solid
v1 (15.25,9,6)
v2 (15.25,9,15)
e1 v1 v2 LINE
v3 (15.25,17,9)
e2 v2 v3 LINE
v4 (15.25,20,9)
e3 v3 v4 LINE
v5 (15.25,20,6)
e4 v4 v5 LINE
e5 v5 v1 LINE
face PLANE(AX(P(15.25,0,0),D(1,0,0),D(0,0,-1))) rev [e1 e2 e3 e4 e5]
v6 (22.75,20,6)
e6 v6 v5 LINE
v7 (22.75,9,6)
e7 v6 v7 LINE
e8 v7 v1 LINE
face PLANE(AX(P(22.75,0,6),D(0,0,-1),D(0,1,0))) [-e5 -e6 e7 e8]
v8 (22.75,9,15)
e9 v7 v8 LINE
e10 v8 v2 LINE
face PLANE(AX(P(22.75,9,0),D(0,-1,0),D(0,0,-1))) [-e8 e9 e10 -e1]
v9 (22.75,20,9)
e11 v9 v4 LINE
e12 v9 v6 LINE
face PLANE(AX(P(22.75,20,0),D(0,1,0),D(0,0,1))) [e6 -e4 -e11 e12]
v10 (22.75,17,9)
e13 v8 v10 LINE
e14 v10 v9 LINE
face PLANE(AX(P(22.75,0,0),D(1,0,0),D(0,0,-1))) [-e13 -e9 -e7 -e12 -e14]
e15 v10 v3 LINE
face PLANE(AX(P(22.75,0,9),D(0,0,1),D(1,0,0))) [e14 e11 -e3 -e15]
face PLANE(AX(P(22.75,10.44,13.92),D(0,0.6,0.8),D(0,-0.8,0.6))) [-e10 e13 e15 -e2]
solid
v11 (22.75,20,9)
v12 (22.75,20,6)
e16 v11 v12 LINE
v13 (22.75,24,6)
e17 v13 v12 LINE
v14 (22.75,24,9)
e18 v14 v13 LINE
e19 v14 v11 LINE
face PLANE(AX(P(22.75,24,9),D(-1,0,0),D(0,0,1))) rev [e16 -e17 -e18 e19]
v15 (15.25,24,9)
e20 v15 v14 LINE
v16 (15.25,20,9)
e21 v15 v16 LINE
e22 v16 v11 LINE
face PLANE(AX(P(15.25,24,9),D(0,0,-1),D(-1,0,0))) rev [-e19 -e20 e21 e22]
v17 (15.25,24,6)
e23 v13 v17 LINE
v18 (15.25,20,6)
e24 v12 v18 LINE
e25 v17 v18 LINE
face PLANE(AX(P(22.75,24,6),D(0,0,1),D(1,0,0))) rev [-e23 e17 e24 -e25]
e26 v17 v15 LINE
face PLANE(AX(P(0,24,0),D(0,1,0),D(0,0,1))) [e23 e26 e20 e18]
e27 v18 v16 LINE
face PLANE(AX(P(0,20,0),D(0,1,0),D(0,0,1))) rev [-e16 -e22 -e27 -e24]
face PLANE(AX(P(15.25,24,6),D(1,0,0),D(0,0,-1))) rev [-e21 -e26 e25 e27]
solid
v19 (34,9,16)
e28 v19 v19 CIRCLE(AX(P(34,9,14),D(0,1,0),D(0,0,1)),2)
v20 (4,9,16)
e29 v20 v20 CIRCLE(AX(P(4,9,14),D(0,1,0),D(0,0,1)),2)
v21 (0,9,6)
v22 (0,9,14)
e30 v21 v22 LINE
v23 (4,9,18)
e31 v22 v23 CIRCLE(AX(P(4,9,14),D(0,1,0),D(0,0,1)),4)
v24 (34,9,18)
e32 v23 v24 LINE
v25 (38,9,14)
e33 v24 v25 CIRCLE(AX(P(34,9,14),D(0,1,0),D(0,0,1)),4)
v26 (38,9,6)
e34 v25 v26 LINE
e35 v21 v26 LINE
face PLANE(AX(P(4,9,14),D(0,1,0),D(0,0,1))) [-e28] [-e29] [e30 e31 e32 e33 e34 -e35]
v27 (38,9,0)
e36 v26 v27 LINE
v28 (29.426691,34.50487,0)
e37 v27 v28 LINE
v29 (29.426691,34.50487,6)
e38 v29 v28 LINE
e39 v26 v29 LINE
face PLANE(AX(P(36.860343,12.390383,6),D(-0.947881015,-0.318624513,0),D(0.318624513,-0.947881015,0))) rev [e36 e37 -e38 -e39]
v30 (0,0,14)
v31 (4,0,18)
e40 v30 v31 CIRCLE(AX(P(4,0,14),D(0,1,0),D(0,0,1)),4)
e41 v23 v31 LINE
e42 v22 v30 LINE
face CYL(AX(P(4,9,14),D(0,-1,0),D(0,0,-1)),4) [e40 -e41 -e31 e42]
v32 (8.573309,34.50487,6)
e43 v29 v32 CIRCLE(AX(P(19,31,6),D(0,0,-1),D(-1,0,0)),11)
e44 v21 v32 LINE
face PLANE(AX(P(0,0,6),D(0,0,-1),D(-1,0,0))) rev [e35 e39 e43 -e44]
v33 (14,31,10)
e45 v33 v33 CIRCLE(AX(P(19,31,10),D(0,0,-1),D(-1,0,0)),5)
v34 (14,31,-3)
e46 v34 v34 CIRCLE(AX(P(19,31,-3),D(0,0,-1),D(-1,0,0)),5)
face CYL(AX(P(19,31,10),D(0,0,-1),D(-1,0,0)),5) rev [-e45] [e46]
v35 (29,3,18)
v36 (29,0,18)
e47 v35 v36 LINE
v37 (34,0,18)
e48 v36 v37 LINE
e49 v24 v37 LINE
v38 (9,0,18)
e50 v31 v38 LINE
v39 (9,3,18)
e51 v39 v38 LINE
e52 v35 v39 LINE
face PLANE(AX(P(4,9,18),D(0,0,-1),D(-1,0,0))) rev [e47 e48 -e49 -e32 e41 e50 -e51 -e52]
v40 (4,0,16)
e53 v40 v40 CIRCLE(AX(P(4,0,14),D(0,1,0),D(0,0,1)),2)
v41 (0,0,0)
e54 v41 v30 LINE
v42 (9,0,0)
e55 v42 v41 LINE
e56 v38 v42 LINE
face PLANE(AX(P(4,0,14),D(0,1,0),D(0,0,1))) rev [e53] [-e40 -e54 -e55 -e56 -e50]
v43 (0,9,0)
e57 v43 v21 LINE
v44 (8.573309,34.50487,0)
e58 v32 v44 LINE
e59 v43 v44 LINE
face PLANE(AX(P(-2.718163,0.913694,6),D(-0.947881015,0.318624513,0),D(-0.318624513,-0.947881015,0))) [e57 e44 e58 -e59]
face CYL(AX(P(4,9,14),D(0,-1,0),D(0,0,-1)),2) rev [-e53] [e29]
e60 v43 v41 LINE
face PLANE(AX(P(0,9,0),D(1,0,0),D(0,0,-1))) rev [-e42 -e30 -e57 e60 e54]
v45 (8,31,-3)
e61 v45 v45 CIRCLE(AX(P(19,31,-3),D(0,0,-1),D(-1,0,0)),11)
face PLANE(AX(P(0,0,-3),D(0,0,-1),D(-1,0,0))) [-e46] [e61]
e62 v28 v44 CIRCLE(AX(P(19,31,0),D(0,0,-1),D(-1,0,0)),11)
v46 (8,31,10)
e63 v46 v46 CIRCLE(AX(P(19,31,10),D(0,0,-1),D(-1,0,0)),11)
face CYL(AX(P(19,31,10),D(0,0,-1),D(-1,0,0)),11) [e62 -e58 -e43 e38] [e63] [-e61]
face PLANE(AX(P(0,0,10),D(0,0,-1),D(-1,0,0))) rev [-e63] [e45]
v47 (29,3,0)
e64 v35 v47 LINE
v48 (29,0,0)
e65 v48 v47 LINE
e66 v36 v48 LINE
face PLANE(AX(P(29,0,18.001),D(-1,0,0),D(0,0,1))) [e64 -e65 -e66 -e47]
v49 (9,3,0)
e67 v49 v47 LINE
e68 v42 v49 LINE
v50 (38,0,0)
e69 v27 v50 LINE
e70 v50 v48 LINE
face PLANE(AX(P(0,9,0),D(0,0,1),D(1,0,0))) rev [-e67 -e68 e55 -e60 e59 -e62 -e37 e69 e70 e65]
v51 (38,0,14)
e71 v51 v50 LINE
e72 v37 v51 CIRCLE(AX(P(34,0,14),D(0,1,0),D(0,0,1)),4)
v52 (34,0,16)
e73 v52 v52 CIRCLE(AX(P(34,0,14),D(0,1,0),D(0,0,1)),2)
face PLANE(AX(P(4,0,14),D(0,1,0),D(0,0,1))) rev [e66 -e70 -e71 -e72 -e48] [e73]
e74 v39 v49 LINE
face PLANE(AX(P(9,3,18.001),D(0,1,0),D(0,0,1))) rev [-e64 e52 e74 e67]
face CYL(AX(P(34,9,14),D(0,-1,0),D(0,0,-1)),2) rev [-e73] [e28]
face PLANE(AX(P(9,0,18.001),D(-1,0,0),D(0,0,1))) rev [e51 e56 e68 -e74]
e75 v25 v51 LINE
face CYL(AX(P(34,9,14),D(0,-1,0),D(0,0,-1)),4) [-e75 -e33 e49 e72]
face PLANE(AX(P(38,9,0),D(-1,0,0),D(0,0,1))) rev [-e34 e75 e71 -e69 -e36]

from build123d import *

# Parameters (mm, degrees)
SKETCH_1_R           = 2
EXTRUDE_1_DEPTH      = 9
EXTRUDE_2_DEPTH      = 6
EXTRUDE_4_DEPTH      = 3
EXTRUDE_4_DEPTH_BACK = 10
SKETCH_3_5_R         = 11
SKETCH_3_5_R_2       = 5
SKETCH_6_W           = 3
SKETCH_6_H           = 3
EXTRUDE_14_DEPTH     = 3.75
SKETCH_7_W           = 20
SKETCH_7_H           = 3
CUT_EXTRUDE_1_DEPTH  = 18
SKETCH_8_W           = 7.5
SKETCH_8_H           = 3
EXTRUDE_17_DEPTH     = 4


with BuildPart() as part:
    # 草图1 → 凸台-拉伸1 (new body)
    with BuildSketch(Plane(origin=(0, 0, 0), x_dir=(1, 0, 0), z_dir=(0, 1, 0))):
        with BuildLine():
            Line((0, 0), (38, 0))
            Line((38, 0), (38, -14))
            ThreePointArc((38, -14), (36.828427125, -16.828427125), (34, -18))
            Line((34, -18), (4, -18))
            ThreePointArc((4, -18), (1.171572875, -16.828427125), (0, -14))
            Line((0, -14), (0, 0))
        make_face()
        with Locations(Location((4, -14, 0), (0, 0, 270))):
            Circle(SKETCH_1_R, mode=Mode.SUBTRACT)
        with Locations(Location((34, -14, 0), (0, 0, 270))):
            Circle(SKETCH_1_R, mode=Mode.SUBTRACT)
    extrude(amount=EXTRUDE_1_DEPTH)

    # 草图3 → 凸台-拉伸2 (add)
    with BuildSketch(Plane(origin=(0, 0, 0), x_dir=(-1, 0, 0), z_dir=(0, 0, -1))):
        with BuildLine():
            Line((-38, 9), (-22.5, 9))
            Line((-22.5, 9), (-19, 9))
            Line((-19, 9), (-15.5, 9))
            Line((-15.5, 9), (0, 9))
            Line((0, 9), (-8.57330883, 34.504869647))
            ThreePointArc((-8.57330883, 34.504869647), (-8.144273335, 32.7757248), (-8, 31))
            ThreePointArc((-8, 31), (-20.7757248, 20.144273335), (-29.42669117, 34.504869647))
            Line((-29.42669117, 34.504869647), (-38, 9))
        make_face()
    extrude(amount=-EXTRUDE_2_DEPTH)

    # 草图3<5> → 凸台-拉伸4 (add, two sides: drawn at the far end of the back side and taken through both)
    with BuildSketch(Plane(origin=(0, 0, 0), x_dir=(-1, 0, 0), z_dir=(0, 0, -1)).offset(-EXTRUDE_4_DEPTH_BACK)):
        with Locations((-19, 31)):
            Circle(SKETCH_3_5_R)
        with Locations((-19, 31)):
            Circle(SKETCH_3_5_R_2, mode=Mode.SUBTRACT)
    extrude(amount=EXTRUDE_4_DEPTH + EXTRUDE_4_DEPTH_BACK)

    # 草图7 → 切除-拉伸1 (cut)
    with BuildSketch(Plane(origin=(0, 0, 0), x_dir=(-1, 0, 0), z_dir=(0, 0, -1))):
        with Locations((-19, 1.5)):
            Rectangle(SKETCH_7_W, SKETCH_7_H)
    extrude(amount=-CUT_EXTRUDE_1_DEPTH, mode=Mode.SUBTRACT)


with BuildPart() as body_2:
    # 草图6 → 凸台-拉伸14 (new, symmetric)
    with BuildSketch(Plane(origin=(19, 0, 0), x_dir=(0, 0, -1), z_dir=(1, 0, 0))):
        with Locations((-7.5, 18.5)):
            Rectangle(SKETCH_6_W, SKETCH_6_H)
        Polygon((-15, 9), (-6, 9), (-6, 17), (-9, 17), align=None)
    extrude(amount=EXTRUDE_14_DEPTH, both=True)


with BuildPart() as body_3:
    # 草图8 → 凸台-拉伸17 (new body)
    with BuildSketch(Plane(origin=(0, 20, 0), x_dir=(1, 0, 0), z_dir=(0, 1, 0))):
        with Locations((19, -7.5)):
            Rectangle(SKETCH_8_W, SKETCH_8_H)
    extrude(amount=EXTRUDE_17_DEPTH)


solid = Compound([part.part, body_2.part, body_3.part])
